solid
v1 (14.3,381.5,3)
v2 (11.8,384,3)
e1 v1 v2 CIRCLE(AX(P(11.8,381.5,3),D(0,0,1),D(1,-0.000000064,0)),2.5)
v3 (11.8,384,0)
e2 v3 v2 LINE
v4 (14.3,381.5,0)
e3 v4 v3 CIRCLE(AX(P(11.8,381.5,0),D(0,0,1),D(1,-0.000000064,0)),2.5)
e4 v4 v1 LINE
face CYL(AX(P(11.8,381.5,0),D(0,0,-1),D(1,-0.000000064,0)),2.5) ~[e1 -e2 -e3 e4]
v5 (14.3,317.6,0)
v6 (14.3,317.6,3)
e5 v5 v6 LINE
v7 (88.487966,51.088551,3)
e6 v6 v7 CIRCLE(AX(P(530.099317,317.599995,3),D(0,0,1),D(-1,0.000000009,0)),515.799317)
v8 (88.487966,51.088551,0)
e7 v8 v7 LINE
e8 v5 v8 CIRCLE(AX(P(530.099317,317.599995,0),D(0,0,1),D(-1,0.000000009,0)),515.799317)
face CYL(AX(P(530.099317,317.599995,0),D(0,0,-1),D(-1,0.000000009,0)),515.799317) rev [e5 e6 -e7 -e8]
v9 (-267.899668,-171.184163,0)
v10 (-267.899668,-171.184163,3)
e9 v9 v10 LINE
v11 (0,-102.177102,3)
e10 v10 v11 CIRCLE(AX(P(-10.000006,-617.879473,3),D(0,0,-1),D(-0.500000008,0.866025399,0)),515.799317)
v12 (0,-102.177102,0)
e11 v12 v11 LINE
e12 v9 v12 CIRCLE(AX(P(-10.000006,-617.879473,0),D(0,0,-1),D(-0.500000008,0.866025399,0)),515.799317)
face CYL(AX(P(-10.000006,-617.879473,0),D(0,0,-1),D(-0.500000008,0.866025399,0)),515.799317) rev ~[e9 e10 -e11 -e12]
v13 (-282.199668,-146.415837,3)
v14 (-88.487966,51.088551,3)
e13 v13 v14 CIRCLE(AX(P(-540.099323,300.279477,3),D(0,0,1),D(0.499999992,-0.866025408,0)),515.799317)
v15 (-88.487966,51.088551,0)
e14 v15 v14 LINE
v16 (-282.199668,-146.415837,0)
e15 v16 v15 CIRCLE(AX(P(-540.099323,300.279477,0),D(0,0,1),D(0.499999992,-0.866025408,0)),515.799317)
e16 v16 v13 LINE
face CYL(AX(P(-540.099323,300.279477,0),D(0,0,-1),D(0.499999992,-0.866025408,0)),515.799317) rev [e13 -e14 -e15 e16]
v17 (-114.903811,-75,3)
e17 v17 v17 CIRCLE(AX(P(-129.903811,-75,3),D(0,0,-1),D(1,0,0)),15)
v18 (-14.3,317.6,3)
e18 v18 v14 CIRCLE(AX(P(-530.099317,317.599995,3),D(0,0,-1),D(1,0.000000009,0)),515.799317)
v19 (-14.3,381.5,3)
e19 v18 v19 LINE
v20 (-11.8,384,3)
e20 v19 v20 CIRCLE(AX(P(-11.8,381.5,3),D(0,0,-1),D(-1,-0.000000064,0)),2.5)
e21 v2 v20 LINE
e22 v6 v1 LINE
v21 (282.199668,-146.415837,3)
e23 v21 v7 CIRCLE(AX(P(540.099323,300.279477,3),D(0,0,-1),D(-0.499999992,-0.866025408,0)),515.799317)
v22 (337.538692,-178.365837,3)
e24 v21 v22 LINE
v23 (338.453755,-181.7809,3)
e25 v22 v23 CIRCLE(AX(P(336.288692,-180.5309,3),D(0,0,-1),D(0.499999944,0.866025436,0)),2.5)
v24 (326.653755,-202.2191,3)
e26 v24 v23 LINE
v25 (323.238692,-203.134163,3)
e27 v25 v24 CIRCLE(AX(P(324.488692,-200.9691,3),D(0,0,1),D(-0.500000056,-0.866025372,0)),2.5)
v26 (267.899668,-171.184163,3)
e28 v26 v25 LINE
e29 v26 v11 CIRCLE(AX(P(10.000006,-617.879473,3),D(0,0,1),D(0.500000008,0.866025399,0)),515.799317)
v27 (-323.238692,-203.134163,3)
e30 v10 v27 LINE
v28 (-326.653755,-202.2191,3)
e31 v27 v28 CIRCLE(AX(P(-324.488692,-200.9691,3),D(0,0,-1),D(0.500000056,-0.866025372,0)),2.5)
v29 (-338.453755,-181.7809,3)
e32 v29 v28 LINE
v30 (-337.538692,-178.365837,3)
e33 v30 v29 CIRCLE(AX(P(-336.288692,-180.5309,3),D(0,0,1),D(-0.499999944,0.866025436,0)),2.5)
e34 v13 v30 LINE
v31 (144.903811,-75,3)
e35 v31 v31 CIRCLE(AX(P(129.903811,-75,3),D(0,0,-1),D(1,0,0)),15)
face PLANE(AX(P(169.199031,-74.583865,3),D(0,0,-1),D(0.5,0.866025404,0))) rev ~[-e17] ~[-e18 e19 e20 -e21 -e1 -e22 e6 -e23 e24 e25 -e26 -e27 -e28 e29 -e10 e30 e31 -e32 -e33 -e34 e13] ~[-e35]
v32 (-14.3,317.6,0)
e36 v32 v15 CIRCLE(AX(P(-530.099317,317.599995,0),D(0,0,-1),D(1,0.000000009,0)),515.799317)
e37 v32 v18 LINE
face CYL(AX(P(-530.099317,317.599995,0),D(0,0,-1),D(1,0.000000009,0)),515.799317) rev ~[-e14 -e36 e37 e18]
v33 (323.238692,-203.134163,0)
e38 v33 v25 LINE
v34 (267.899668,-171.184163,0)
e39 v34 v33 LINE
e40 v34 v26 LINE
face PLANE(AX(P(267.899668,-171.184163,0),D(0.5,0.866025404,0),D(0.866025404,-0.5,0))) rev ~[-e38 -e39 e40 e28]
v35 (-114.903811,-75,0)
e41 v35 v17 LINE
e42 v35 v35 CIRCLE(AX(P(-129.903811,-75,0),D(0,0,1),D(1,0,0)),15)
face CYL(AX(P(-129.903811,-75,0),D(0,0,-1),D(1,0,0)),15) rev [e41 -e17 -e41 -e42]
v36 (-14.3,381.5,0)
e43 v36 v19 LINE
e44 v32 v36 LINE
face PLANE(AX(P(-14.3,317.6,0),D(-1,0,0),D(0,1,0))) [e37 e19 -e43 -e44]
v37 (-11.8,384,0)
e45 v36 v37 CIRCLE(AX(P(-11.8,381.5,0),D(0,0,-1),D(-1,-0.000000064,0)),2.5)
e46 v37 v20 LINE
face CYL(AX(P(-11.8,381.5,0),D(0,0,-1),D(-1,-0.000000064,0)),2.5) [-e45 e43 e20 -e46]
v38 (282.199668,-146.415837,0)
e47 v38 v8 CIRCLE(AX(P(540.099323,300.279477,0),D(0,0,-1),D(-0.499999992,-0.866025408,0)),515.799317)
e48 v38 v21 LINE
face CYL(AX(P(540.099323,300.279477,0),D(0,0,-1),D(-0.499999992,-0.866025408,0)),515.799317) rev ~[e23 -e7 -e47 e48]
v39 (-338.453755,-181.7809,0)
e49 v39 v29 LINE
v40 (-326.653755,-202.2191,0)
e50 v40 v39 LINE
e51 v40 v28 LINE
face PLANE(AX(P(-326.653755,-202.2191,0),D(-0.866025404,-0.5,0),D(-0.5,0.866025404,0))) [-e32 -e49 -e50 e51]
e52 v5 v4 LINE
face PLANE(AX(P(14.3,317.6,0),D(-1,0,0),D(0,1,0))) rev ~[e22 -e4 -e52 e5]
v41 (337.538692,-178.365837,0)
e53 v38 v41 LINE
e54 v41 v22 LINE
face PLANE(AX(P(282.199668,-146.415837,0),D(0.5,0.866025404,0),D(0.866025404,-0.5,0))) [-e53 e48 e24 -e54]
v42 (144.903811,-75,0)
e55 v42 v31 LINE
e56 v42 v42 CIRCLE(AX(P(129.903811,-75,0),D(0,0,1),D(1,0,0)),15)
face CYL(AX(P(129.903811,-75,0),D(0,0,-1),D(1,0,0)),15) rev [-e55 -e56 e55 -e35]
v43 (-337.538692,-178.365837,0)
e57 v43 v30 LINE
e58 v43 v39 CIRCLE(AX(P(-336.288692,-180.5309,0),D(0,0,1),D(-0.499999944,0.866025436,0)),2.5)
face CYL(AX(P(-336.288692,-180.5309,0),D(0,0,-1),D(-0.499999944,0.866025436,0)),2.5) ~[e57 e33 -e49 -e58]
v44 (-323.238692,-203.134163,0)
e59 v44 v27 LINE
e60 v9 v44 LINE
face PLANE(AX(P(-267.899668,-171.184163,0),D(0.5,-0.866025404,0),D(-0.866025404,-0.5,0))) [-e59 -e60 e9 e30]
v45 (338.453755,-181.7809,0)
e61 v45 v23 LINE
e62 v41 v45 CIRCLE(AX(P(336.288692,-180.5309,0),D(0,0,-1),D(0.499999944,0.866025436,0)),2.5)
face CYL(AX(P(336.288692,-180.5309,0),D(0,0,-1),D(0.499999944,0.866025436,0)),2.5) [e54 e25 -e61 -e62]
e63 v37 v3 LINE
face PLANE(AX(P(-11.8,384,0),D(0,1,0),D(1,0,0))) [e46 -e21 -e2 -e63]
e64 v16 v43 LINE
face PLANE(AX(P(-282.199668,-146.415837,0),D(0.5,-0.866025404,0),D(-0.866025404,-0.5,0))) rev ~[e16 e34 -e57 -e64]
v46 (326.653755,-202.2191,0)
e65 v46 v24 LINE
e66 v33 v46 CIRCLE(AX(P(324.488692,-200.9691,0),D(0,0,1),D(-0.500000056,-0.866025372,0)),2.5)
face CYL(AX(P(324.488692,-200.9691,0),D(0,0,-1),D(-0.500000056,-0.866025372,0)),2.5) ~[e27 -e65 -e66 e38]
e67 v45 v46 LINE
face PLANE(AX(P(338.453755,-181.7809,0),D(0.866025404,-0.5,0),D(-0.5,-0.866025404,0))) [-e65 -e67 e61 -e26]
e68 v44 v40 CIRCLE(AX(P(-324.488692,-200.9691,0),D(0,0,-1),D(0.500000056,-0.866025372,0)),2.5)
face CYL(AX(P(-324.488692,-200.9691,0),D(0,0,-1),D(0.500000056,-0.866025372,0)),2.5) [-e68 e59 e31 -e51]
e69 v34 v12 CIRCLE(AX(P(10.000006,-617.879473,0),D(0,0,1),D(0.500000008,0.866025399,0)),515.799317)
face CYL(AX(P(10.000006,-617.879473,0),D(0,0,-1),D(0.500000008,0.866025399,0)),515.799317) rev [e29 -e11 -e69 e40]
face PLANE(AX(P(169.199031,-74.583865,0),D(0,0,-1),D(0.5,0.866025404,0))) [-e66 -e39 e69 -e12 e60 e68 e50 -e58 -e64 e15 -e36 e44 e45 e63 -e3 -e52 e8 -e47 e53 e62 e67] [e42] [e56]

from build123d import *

# Parameters (mm, degrees)
PAD038_DEPTH               = 3
PAD038_MIRRORED044_2_DEPTH = 3
POLARPATTERN012_COUNT      = 3
SKETCH179_R                = 15
POCKET144_DEPTH            = 5


with BuildPart() as part:
    # Sketch180 → Pad038 (new body)
    with BuildSketch(Plane.XY):
        with BuildLine():
            Line((14.3, 317.6), (14.3, 381.5))
            ThreePointArc((14.3, 381.5), (13.567767, 383.267767), (11.8, 384))
            Line((11.8, 384), (0, 384))
            Line((0, 384), (0, 0))
            Line((0, 0), (88.487966, 51.088551))
            ThreePointArc((14.3, 317.6), (33.193003, 179.277725), (88.487966, 51.088551))
        make_face()
    pad038 = extrude(amount=PAD038_DEPTH)

    # Sketch180 Mirrored044 2 → Pad038 Mirrored044 2 (add)
    with BuildSketch(Plane(origin=(0, 0, 0), x_dir=(-1, 0, 0), z_dir=(0, 0, -1))):
        with BuildLine():
            Line((14.3, 317.6), (14.3, 381.5))
            ThreePointArc((14.3, 381.5), (13.567767, 383.267767), (11.8, 384))
            Line((11.8, 384), (0, 384))
            Line((0, 384), (0, 0))
            Line((0, 0), (88.487966, 51.088551))
            ThreePointArc((14.3, 317.6), (33.193003, 179.277725), (88.487966, 51.088551))
        make_face()
    pad038_mirrored044_2 = extrude(amount=-PAD038_MIRRORED044_2_DEPTH)

    # PolarPattern012: Pad038, Pad038 Mirrored044 2 ×3 about axis
    polarpattern012_axis = Axis((0, 0, 0), (0, 0, 1))
    for i in range(1, POLARPATTERN012_COUNT):
        add(pad038.rotate(polarpattern012_axis, i * 360 / POLARPATTERN012_COUNT))
        add(pad038_mirrored044_2.rotate(polarpattern012_axis, i * 360 / POLARPATTERN012_COUNT))

    # Sketch179 → Pocket144 (cut)
    with BuildSketch(Plane.XY):
        with Locations((129.903811, -75)):
            Circle(SKETCH179_R)
        with Locations((-129.903811, -75)):
            Circle(SKETCH179_R)
    extrude(amount=POCKET144_DEPTH, mode=Mode.SUBTRACT)


solid = part.part
